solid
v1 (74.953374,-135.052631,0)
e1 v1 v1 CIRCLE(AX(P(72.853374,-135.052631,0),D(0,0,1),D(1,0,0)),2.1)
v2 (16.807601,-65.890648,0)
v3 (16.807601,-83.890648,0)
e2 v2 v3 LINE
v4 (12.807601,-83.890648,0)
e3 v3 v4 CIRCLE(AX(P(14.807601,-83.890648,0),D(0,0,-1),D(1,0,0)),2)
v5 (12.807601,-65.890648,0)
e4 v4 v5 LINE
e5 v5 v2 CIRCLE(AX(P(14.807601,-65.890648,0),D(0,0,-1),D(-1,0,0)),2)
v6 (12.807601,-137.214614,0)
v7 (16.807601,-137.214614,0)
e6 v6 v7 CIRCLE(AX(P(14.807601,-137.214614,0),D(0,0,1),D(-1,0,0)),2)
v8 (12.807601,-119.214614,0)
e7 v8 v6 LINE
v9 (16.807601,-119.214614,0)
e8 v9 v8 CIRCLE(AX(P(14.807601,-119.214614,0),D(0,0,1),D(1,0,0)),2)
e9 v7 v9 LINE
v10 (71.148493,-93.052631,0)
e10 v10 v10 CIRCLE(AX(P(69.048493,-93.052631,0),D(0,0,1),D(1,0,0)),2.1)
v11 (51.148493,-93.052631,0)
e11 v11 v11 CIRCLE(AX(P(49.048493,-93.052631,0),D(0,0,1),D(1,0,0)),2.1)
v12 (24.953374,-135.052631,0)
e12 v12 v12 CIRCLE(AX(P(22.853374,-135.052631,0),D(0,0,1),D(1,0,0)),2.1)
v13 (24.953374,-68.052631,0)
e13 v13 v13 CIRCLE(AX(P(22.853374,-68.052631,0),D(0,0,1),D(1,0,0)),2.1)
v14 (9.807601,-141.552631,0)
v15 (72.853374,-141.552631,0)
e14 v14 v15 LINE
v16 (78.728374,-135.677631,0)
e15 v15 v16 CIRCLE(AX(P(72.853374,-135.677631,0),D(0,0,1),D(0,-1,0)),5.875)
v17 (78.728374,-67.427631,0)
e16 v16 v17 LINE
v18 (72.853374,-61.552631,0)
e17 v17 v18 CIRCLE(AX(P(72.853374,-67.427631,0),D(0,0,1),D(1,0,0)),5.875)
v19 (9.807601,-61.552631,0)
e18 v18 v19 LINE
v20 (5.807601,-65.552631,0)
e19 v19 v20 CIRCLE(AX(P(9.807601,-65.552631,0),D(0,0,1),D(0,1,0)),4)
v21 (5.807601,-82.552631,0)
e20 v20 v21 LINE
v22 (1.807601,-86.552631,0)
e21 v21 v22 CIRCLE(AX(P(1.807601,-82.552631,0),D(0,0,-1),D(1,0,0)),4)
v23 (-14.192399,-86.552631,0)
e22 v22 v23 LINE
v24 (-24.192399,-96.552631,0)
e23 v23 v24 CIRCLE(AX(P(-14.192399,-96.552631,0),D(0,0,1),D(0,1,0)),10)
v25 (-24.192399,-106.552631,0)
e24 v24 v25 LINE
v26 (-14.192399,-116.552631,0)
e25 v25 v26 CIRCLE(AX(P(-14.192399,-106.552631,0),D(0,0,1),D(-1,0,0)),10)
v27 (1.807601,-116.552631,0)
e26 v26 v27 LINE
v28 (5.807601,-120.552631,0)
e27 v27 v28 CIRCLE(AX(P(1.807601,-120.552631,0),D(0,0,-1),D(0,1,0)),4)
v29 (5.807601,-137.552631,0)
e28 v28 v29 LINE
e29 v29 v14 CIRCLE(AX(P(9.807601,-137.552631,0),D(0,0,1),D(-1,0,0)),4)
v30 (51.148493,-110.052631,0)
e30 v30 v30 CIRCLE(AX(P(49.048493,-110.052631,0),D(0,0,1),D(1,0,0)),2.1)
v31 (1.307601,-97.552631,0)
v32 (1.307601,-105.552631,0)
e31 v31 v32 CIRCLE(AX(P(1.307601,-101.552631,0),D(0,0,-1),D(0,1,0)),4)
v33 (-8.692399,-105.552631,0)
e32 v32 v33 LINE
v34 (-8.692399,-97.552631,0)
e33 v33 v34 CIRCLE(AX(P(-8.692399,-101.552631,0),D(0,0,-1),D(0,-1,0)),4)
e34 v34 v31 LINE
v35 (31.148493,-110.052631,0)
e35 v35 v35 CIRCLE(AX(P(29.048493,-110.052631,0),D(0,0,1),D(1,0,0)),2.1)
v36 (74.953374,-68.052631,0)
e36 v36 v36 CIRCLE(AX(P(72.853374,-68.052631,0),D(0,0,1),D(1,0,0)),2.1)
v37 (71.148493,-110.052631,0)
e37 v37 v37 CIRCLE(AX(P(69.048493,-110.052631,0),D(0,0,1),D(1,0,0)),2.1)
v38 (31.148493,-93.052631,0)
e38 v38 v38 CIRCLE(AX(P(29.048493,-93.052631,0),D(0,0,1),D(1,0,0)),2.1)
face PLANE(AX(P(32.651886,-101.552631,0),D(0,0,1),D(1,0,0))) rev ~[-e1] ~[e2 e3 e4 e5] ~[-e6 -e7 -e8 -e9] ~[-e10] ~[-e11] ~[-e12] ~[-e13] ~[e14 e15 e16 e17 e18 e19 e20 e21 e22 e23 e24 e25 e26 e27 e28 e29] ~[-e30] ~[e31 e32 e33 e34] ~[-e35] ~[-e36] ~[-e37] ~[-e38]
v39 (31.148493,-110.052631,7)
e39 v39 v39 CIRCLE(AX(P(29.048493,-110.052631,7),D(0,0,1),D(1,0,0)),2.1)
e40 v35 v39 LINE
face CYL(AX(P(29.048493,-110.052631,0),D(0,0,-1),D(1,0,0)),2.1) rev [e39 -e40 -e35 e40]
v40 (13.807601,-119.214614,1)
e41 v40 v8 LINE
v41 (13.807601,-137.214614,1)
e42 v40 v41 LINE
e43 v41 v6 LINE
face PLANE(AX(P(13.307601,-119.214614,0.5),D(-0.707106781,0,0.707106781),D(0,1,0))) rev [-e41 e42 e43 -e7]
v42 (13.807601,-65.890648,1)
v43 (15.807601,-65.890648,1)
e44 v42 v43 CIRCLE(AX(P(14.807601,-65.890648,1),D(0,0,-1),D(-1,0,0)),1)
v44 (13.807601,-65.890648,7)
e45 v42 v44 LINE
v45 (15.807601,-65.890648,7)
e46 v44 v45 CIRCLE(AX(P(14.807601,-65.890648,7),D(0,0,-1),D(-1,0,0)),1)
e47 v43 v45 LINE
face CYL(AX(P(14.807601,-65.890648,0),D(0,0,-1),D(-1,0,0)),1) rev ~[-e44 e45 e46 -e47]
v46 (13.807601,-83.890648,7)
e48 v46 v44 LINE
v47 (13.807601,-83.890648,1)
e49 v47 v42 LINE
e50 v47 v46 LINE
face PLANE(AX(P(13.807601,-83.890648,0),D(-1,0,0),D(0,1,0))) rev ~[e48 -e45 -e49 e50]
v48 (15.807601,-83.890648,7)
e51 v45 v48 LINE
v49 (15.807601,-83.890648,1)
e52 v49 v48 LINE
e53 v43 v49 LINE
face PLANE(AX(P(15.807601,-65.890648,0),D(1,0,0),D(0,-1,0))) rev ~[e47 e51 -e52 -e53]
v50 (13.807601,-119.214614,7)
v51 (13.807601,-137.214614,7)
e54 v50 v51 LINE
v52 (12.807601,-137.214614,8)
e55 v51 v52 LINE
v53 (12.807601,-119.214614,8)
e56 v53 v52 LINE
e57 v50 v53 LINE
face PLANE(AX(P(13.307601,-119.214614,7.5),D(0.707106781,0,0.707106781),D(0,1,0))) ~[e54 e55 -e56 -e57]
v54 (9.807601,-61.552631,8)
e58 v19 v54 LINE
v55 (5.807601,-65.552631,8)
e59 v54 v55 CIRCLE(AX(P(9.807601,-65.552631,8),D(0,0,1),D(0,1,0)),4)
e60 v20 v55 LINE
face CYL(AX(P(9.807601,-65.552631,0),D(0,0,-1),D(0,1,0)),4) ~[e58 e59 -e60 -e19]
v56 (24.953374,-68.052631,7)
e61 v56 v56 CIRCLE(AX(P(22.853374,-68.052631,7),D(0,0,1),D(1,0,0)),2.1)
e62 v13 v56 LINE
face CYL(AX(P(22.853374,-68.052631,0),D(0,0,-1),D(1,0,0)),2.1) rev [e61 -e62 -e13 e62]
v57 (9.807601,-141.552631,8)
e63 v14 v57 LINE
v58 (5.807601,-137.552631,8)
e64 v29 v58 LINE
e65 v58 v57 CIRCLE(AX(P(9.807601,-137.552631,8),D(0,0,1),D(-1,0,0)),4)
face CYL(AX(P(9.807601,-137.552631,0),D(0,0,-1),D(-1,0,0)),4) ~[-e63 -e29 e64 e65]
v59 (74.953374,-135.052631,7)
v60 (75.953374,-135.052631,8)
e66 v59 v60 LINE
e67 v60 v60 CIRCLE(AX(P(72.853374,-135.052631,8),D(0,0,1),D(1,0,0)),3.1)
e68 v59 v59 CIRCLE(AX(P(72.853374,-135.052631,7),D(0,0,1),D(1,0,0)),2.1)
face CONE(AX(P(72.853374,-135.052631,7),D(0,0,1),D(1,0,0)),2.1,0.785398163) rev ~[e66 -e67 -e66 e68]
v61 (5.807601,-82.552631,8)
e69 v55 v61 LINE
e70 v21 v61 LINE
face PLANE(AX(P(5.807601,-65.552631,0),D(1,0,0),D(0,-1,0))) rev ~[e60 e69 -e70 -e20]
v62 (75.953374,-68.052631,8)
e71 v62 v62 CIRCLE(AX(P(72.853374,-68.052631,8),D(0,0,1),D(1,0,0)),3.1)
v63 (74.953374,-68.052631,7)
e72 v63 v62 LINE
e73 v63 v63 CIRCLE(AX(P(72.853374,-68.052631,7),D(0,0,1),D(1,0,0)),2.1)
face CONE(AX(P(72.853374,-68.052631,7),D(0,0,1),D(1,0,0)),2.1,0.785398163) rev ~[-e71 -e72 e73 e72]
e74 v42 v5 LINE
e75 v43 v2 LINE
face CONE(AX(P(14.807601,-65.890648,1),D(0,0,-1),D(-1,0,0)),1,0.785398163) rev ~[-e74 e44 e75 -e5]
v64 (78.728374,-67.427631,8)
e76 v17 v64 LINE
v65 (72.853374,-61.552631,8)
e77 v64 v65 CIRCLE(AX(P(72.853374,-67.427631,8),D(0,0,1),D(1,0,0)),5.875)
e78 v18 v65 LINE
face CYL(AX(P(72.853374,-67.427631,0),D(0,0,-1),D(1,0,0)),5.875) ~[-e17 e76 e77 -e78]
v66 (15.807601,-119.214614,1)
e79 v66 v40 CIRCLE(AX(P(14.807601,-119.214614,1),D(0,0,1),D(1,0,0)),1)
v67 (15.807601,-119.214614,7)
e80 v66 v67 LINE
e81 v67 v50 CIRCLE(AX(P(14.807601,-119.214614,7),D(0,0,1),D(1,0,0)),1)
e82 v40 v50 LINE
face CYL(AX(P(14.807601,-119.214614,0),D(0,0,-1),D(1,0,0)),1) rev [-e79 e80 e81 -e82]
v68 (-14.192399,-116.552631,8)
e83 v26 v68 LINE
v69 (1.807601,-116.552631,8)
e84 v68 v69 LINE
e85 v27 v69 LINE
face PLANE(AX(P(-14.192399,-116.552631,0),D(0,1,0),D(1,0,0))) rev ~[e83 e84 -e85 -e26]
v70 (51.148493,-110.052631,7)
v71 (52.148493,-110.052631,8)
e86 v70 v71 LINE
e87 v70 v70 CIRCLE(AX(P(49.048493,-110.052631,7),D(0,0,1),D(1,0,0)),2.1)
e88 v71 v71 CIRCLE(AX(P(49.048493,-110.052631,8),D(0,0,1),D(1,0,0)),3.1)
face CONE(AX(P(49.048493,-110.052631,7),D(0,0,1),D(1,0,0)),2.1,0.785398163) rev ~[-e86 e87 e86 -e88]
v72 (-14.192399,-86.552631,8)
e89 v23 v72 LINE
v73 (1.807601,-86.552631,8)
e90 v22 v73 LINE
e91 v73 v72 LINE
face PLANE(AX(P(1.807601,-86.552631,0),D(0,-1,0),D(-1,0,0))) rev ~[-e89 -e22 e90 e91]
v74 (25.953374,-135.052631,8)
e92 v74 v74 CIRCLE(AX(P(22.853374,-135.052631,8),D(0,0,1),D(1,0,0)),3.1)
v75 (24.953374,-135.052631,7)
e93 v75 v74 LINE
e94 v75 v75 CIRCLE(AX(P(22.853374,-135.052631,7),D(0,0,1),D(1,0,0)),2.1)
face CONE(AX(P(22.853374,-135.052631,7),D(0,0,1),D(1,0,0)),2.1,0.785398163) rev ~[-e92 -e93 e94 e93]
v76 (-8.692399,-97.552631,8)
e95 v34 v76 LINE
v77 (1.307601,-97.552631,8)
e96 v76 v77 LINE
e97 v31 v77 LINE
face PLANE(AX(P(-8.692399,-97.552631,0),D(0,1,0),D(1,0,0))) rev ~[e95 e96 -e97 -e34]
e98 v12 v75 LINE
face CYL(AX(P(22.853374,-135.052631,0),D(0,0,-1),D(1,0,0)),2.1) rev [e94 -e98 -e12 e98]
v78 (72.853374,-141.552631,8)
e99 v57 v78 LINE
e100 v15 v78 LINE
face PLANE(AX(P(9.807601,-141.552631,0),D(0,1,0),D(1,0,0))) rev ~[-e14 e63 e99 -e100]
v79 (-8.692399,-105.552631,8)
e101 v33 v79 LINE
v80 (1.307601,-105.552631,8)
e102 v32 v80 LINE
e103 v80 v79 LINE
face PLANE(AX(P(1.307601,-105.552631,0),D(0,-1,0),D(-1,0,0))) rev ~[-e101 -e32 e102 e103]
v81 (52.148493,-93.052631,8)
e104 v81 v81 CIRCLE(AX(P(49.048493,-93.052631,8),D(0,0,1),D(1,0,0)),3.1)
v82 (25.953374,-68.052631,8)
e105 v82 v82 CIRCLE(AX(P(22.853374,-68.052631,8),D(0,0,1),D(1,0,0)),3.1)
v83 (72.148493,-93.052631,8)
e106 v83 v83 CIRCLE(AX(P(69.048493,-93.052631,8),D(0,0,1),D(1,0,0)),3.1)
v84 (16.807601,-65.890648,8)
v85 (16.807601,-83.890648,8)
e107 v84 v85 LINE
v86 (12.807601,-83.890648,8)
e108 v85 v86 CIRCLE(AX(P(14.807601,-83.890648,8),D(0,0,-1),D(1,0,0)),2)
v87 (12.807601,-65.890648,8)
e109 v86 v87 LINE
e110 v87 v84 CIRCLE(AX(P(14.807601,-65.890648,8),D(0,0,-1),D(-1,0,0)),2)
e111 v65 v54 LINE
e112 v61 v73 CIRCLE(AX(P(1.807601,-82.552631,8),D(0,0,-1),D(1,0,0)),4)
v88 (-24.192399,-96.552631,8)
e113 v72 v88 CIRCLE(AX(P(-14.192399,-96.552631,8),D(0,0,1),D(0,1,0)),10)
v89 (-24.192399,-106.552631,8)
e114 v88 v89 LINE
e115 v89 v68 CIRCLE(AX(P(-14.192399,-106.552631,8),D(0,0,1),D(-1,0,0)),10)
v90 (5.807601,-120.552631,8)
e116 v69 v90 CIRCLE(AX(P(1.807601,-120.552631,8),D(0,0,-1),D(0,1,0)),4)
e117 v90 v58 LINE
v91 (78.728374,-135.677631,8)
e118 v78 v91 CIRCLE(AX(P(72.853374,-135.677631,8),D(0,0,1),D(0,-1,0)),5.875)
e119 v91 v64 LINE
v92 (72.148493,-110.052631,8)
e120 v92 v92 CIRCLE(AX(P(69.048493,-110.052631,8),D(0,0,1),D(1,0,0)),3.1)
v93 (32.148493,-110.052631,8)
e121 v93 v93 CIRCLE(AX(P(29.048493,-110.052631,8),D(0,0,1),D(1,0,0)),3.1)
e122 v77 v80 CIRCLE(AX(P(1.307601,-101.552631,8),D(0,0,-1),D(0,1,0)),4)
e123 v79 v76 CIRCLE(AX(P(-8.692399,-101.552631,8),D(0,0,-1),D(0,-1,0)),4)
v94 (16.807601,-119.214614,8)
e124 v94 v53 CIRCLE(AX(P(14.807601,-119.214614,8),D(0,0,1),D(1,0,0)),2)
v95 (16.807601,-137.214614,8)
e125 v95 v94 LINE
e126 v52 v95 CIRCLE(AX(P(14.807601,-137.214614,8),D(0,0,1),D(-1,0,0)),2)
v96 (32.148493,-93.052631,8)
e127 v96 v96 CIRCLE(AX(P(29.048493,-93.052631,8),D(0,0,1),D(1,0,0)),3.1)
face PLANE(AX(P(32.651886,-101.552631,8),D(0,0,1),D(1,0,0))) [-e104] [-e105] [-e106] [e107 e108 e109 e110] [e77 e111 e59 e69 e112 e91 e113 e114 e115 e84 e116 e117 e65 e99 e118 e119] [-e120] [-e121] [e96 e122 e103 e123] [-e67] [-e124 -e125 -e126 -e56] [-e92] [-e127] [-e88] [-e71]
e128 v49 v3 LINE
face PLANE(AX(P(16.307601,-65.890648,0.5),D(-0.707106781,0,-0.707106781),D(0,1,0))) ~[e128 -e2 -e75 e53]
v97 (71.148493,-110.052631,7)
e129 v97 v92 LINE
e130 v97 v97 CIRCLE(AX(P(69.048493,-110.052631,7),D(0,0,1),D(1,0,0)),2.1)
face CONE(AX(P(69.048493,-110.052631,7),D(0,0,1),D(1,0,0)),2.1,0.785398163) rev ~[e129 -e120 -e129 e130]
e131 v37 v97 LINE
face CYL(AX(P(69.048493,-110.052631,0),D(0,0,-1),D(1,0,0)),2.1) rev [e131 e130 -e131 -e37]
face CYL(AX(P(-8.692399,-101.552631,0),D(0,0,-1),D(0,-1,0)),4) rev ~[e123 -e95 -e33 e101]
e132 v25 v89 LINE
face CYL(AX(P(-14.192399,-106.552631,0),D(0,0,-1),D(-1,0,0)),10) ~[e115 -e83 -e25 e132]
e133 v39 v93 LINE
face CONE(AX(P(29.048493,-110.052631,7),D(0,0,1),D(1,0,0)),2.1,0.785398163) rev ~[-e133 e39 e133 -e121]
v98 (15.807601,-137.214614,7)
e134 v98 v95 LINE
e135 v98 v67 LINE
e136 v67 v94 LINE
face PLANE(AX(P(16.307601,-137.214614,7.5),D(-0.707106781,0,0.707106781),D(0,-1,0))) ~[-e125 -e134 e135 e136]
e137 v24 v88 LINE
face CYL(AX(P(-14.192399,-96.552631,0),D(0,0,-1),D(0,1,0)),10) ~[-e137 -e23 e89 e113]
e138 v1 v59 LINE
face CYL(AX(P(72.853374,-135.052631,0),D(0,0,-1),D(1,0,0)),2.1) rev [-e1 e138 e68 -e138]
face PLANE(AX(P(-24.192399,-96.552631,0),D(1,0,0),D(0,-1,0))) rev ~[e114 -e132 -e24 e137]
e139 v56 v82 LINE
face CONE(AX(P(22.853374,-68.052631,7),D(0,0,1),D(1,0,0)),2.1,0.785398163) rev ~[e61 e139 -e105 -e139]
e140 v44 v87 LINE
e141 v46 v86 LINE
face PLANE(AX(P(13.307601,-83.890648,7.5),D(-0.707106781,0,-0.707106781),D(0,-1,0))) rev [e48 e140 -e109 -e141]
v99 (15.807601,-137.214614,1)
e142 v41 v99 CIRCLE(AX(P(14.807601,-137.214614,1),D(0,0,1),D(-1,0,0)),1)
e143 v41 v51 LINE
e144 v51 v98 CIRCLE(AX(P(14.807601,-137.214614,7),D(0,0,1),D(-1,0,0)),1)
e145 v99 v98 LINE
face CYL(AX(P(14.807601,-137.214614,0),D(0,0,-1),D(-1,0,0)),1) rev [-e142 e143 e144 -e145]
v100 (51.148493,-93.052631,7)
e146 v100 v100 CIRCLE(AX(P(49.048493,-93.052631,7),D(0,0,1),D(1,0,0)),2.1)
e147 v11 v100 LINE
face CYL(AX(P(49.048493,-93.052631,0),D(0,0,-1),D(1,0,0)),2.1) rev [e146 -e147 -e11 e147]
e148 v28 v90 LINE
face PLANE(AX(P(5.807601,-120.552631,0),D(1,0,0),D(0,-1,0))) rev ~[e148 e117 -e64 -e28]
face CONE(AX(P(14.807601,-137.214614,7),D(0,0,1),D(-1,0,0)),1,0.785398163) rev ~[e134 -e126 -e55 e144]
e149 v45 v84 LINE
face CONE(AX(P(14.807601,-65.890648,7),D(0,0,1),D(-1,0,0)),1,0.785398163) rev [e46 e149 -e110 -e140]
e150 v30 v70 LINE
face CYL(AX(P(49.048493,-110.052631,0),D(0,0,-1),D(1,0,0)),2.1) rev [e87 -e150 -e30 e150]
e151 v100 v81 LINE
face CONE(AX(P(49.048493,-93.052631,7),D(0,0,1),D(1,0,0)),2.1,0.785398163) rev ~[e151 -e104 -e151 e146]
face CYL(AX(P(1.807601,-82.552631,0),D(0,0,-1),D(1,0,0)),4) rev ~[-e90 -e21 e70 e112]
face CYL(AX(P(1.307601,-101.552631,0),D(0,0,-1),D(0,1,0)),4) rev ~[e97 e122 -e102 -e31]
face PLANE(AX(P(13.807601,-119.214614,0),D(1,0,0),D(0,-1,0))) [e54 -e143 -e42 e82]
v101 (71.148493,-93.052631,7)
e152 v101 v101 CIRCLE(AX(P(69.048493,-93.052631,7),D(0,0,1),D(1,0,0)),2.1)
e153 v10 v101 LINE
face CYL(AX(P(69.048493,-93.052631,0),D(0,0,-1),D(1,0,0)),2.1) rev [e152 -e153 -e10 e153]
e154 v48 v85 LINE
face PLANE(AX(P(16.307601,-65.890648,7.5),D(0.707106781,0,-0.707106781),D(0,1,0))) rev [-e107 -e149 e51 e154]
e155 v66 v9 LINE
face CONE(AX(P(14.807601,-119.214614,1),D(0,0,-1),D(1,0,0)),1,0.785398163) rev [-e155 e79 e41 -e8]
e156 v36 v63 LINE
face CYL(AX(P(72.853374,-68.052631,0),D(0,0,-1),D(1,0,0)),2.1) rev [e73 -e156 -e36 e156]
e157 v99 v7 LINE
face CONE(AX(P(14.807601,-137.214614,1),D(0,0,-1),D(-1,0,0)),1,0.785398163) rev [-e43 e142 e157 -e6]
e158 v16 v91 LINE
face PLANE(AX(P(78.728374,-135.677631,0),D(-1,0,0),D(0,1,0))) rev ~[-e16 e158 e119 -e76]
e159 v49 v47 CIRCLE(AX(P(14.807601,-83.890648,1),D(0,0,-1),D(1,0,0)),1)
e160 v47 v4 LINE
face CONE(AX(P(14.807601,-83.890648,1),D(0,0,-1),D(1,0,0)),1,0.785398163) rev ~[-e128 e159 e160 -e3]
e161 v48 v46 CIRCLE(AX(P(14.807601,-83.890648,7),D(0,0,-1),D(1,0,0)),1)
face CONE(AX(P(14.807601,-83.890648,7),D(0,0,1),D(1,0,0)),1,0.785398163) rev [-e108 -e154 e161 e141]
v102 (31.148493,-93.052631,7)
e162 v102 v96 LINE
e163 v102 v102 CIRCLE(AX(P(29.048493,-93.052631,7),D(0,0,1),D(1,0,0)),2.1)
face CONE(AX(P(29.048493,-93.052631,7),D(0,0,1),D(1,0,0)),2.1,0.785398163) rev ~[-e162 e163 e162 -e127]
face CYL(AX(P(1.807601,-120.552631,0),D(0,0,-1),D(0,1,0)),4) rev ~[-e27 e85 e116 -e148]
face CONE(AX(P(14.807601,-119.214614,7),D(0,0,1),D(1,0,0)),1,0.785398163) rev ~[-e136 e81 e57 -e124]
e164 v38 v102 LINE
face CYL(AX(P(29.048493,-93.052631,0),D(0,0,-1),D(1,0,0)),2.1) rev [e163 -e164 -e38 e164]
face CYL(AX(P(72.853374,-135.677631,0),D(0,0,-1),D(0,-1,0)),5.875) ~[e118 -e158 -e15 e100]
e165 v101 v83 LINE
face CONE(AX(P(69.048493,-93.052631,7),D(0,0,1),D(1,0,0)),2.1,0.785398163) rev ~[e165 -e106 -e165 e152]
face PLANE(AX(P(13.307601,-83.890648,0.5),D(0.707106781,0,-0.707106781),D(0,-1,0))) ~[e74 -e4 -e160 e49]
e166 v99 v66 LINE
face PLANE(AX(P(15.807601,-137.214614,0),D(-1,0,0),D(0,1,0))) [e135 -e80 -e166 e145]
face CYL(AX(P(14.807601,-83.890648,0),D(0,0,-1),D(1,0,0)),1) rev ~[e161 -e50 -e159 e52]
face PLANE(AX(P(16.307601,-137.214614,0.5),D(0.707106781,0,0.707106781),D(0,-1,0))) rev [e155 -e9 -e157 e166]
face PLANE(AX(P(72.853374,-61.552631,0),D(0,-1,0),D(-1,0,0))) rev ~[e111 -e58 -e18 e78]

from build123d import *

# Parameters (mm, degrees)
MODEL_R            = 2.1
BOSS_EXTRU_1_DEPTH = 8
CHANFREIN1_SIZE    = 1


with BuildPart() as part:
    # Model → Boss.-Extru.1 (new body)
    with BuildSketch(Plane.XY):
        with BuildLine():
            Line((-24.192398664, -96.552630985), (-24.192398664, -106.552630985))
            ThreePointArc((-24.192398664, -106.552630985), (-21.263466476, -113.623698797), (-14.192398664, -116.552630985))
            Line((-14.192398664, -116.552630985), (1.807601336, -116.552630985))
            ThreePointArc((1.807601336, -116.552630985), (4.636028461, -117.72420386), (5.807601336, -120.552630985))
            Line((5.807601336, -120.552630985), (5.807601336, -137.552630985))
            ThreePointArc((5.807601336, -137.552630985), (6.979174211, -140.38105811), (9.807601336, -141.552630985))
            Line((9.807601336, -141.552630985), (72.853374331, -141.552630985))
            ThreePointArc((72.853374331, -141.552630985), (77.007626671, -139.831883325), (78.728374331, -135.677630985))
            Line((78.728374331, -135.677630985), (78.728374331, -67.427630985))
            ThreePointArc((78.728374331, -67.427630985), (77.007626671, -63.273378646), (72.853374331, -61.552630985))
            Line((72.853374331, -61.552630985), (9.807601336, -61.552630985))
            ThreePointArc((9.807601336, -61.552630985), (6.979174211, -62.72420386), (5.807601336, -65.552630985))
            Line((5.807601336, -65.552630985), (5.807601336, -82.552630985))
            ThreePointArc((5.807601336, -82.552630985), (4.636028461, -85.38105811), (1.807601336, -86.552630985))
            Line((1.807601336, -86.552630985), (-14.192398664, -86.552630985))
            ThreePointArc((-14.192398664, -86.552630985), (-21.263466476, -89.481563173), (-24.192398664, -96.552630985))
        make_face()
        with Locations((22.853374331, -68.052630985)):
            Circle(MODEL_R, mode=Mode.SUBTRACT)
        with Locations((72.853374331, -68.052630985)):
            Circle(MODEL_R, mode=Mode.SUBTRACT)
        with Locations((29.048492507, -93.052630985)):
            Circle(MODEL_R, mode=Mode.SUBTRACT)
        with Locations((29.048492507, -110.052630985)):
            Circle(MODEL_R, mode=Mode.SUBTRACT)
        with Locations((49.048492507, -93.052630985)):
            Circle(MODEL_R, mode=Mode.SUBTRACT)
        with Locations((49.048492507, -110.052630985)):
            Circle(MODEL_R, mode=Mode.SUBTRACT)
        with Locations((69.048492507, -93.052630985)):
            Circle(MODEL_R, mode=Mode.SUBTRACT)
        with Locations((69.048492507, -110.052630985)):
            Circle(MODEL_R, mode=Mode.SUBTRACT)
        with Locations((22.853374331, -135.052630985)):
            Circle(MODEL_R, mode=Mode.SUBTRACT)
        with Locations((72.853374331, -135.052630985)):
            Circle(MODEL_R, mode=Mode.SUBTRACT)
        with BuildLine():
            Line((15.807601336, -137.214613672), (15.807601336, -119.214613672))
            ThreePointArc((15.807601336, -119.214613672), (14.807601336, -118.214613672), (13.807601336, -119.214613672))
            Line((13.807601336, -119.214613672), (13.807601336, -137.214613672))
            ThreePointArc((13.807601336, -137.214613672), (14.807601336, -138.214613672), (15.807601336, -137.214613672))
        make_face(mode=Mode.SUBTRACT)
        with BuildLine():
            Line((15.807601336, -65.890648299), (15.807601336, -83.890648299))
            ThreePointArc((15.807601336, -83.890648299), (14.807601336, -84.890648299), (13.807601336, -83.890648299))
            Line((13.807601336, -83.890648299), (13.807601336, -65.890648299))
            ThreePointArc((13.807601336, -65.890648299), (14.807601336, -64.890648299), (15.807601336, -65.890648299))
        make_face(mode=Mode.SUBTRACT)
        with BuildLine():
            Line((-8.692398664, -97.552630985), (1.307601336, -97.552630985))
            ThreePointArc((1.307601336, -97.552630985), (5.307601336, -101.552630985), (1.307601336, -105.552630985))
            Line((1.307601336, -105.552630985), (-8.692398664, -105.552630985))
            ThreePointArc((-8.692398664, -105.552630985), (-12.692398664, -101.552630985), (-8.692398664, -97.552630985))
        make_face(mode=Mode.SUBTRACT)
    extrude(amount=BOSS_EXTRU_1_DEPTH)

    # Chanfrein1
    chanfrein1_edges = [part.edges().sort_by_distance(p)[0] for p in [
        (14.807601336, -118.214613672, 0),
        (13.807601336, -128.214613672, 0),
        (14.807601336, -138.214613672, 0),
        (15.807601336, -128.214613672, 0),
        (14.807601336, -118.214613672, 8),
        (13.807601336, -128.214613672, 8),
        (14.807601336, -138.214613672, 8),
        (15.807601336, -128.214613672, 8),
        (20.753374331, -68.052630985, 8),
        (70.753374331, -68.052630985, 8),
        (26.948492507, -93.052630985, 8),
        (26.948492507, -110.052630985, 8),
        (46.948492507, -93.052630985, 8),
        (46.948492507, -110.052630985, 8),
        (66.948492507, -93.052630985, 8),
        (66.948492507, -110.052630985, 8),
        (20.753374331, -135.052630985, 8),
        (70.753374331, -135.052630985, 8),
        (14.807601336, -64.890648299, 0),
        (13.807601336, -74.890648299, 0),
        (14.807601336, -84.890648299, 0),
        (15.807601336, -74.890648299, 0),
        (14.807601336, -64.890648299, 8),
        (13.807601336, -74.890648299, 8),
        (14.807601336, -84.890648299, 8),
        (15.807601336, -74.890648299, 8),
    ]]
    chamfer(chanfrein1_edges, length=CHANFREIN1_SIZE)


solid = part.part
